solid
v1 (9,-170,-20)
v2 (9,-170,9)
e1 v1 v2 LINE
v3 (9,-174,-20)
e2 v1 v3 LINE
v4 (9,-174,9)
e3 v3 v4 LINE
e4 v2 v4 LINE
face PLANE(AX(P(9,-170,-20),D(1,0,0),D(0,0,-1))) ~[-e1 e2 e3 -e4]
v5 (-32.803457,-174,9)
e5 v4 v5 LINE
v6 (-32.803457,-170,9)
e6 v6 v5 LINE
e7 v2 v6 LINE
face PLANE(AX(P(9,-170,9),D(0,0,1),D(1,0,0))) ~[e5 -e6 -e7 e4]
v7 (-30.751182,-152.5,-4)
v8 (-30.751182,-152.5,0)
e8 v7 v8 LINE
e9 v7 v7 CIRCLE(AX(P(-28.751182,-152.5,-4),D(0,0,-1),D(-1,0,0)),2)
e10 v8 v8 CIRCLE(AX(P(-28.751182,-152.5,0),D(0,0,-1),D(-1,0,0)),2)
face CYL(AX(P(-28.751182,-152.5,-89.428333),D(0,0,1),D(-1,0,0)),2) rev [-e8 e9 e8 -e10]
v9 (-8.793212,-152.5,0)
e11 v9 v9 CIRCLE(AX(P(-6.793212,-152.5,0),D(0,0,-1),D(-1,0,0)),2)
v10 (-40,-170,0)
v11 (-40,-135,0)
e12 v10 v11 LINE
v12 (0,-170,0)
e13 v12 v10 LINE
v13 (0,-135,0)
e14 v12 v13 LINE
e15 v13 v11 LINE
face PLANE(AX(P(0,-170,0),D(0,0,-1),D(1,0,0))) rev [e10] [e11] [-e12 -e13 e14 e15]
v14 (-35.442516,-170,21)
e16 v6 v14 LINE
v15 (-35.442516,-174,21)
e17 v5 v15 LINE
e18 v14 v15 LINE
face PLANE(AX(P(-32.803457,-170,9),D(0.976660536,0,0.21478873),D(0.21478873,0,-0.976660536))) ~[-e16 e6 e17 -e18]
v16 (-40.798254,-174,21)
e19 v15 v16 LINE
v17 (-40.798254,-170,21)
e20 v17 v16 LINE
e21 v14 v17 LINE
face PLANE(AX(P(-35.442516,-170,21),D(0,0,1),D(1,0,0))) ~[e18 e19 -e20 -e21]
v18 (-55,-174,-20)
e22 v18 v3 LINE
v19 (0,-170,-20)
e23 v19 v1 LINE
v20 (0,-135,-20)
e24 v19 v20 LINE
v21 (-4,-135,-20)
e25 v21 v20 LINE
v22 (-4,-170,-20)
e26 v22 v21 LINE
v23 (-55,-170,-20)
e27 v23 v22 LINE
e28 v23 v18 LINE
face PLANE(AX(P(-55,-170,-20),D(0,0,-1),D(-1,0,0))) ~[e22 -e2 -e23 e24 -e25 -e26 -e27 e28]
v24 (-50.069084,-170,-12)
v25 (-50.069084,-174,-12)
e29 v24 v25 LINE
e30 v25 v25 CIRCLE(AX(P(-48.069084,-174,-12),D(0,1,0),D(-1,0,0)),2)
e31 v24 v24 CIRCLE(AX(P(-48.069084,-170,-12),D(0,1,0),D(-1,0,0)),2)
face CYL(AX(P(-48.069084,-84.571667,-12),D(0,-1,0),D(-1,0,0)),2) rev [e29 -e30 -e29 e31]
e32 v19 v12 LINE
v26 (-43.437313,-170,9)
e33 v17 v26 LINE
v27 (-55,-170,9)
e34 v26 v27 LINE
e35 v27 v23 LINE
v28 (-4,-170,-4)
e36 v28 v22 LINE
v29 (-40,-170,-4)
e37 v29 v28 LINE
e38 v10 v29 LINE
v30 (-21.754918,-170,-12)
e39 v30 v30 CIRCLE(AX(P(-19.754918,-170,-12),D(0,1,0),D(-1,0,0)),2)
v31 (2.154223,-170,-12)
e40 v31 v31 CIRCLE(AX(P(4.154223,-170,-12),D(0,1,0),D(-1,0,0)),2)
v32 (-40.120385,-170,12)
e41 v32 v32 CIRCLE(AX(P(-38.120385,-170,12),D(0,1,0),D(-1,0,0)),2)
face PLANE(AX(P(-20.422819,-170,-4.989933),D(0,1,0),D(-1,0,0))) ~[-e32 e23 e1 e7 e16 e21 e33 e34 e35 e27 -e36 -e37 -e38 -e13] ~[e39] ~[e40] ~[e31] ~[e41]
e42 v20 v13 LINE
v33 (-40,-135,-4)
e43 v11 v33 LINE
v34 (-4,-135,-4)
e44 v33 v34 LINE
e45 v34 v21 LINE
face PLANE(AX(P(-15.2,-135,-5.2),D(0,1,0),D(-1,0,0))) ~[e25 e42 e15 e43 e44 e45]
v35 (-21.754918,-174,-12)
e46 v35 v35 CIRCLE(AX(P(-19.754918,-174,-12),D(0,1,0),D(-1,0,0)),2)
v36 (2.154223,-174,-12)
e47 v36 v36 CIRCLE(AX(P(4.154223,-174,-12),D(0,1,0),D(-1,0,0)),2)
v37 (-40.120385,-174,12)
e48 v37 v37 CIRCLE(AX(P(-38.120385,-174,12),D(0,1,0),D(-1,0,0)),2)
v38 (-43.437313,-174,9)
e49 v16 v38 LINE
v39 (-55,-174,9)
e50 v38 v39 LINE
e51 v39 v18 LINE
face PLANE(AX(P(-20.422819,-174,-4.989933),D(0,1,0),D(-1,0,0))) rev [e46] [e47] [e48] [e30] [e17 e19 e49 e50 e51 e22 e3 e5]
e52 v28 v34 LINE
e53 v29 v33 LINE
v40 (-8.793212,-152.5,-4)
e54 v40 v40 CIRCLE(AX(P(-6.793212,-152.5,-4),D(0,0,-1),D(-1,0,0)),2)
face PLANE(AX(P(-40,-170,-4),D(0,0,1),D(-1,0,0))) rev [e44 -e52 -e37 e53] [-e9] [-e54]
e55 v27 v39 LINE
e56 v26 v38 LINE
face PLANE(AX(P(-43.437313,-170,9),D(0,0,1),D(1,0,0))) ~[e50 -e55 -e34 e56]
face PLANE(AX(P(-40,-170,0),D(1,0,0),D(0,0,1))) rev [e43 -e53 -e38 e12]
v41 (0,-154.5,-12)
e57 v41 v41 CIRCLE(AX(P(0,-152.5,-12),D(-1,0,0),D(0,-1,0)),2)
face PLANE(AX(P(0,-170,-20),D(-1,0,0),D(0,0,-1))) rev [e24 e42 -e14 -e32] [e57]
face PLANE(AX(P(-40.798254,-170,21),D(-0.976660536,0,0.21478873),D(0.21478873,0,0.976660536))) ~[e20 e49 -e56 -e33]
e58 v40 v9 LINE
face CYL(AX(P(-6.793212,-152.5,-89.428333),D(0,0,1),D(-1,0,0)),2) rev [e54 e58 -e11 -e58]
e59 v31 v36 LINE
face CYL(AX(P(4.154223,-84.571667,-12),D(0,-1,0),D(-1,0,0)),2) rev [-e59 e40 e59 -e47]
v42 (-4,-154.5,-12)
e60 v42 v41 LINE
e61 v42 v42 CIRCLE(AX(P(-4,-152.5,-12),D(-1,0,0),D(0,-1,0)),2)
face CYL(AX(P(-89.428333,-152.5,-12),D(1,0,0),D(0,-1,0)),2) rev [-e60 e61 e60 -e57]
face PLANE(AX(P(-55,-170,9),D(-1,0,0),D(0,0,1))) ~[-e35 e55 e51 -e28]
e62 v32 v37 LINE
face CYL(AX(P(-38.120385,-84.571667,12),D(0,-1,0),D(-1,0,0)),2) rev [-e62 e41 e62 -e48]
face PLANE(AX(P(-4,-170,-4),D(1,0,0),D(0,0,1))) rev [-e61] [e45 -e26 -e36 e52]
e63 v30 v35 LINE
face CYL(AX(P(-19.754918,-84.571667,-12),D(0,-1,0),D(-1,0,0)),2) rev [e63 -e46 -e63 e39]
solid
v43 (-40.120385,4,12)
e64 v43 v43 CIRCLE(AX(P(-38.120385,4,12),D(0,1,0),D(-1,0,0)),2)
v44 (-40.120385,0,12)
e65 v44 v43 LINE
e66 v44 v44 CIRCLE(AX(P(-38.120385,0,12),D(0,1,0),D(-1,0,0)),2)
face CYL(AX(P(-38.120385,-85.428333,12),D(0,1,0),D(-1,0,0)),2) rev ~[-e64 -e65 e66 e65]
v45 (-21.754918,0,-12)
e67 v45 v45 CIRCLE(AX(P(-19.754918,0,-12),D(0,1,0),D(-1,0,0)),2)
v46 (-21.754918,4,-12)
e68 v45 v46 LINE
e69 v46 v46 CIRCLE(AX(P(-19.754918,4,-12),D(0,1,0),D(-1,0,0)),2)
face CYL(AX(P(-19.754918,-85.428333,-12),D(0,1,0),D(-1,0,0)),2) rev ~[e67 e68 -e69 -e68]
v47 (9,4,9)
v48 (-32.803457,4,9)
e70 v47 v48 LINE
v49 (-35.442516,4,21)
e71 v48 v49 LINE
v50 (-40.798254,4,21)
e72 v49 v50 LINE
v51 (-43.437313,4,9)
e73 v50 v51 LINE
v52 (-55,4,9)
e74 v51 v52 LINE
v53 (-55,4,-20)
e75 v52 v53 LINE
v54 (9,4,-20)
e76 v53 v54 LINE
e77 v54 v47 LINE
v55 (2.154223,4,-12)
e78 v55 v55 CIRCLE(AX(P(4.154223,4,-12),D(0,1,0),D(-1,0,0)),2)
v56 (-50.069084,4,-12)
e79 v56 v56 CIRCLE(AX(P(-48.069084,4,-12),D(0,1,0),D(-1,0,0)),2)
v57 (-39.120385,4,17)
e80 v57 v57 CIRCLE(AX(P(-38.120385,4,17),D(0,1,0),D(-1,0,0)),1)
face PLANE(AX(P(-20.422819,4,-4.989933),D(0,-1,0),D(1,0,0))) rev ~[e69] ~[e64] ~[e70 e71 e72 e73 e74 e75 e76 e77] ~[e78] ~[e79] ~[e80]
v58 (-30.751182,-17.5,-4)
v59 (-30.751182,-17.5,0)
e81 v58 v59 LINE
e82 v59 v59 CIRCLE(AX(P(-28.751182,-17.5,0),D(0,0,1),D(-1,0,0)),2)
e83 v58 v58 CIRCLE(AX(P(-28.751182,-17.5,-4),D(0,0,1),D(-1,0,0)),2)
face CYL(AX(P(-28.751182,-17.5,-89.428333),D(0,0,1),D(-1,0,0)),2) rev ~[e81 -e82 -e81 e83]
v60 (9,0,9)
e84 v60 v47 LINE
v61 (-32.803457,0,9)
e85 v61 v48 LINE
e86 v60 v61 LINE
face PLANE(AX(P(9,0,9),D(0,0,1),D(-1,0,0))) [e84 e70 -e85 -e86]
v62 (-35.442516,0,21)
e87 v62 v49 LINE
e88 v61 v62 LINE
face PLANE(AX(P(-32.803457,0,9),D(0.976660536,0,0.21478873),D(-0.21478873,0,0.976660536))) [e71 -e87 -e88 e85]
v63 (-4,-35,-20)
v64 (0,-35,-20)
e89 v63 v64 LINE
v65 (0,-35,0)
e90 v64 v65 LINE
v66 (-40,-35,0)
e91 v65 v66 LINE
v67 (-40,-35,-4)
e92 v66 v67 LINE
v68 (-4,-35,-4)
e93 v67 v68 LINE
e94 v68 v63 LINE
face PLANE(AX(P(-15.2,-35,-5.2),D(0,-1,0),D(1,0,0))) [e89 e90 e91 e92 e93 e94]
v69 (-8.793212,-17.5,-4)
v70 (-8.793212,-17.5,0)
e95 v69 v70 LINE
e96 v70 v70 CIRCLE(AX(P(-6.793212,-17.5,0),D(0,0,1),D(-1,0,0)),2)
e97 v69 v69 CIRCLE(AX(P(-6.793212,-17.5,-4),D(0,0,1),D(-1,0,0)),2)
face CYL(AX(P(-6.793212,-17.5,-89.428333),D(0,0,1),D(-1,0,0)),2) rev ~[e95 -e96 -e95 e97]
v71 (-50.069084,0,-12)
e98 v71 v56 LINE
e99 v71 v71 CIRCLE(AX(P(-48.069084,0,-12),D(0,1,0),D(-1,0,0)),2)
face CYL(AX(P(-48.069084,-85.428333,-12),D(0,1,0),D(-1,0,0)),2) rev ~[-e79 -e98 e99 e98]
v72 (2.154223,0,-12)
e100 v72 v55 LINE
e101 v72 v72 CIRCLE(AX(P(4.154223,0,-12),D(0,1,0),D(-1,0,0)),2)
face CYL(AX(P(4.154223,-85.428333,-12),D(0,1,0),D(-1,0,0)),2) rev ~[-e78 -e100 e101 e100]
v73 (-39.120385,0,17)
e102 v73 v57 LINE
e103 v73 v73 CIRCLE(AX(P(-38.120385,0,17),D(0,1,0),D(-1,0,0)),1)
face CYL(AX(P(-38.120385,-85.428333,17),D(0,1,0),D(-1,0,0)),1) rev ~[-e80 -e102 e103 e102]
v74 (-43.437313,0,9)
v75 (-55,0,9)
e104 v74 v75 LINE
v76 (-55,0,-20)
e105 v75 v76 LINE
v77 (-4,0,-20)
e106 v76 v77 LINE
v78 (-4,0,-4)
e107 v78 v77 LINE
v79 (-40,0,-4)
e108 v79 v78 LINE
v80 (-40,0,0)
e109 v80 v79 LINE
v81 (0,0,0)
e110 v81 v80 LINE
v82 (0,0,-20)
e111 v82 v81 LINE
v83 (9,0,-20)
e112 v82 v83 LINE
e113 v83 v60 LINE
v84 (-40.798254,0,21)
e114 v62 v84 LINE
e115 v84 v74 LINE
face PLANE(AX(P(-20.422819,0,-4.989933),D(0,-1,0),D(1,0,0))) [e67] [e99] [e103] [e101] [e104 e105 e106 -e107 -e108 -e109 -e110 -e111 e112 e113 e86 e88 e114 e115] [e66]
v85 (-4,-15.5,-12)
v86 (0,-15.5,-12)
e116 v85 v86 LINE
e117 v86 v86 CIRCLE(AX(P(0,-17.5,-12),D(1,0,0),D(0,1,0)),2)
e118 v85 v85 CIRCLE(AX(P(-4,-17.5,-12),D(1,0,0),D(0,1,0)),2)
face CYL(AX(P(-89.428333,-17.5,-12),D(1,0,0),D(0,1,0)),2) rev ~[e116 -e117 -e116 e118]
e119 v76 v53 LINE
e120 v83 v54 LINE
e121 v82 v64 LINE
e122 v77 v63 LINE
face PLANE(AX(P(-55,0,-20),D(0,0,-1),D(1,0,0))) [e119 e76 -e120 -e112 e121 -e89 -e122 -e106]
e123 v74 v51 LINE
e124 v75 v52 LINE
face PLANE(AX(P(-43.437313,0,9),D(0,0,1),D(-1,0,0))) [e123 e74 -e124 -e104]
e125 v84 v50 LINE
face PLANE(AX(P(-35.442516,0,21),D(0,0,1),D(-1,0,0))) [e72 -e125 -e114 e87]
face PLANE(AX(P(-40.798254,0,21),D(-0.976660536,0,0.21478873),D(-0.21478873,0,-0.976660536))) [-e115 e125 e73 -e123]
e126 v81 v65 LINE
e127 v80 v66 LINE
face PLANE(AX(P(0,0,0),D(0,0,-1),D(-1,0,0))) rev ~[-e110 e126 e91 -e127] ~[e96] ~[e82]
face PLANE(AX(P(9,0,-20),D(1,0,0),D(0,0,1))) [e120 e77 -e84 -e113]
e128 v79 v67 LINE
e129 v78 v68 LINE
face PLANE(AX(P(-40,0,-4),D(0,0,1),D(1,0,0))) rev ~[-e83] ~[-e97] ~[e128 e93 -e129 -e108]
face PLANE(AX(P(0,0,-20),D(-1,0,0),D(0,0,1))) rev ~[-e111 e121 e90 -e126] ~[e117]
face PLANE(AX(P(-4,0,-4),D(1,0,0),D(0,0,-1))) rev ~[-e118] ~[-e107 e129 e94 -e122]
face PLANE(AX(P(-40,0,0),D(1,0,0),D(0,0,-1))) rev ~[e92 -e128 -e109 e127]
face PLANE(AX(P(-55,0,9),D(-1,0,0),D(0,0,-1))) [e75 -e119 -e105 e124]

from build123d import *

# Parameters (mm, degrees)
F2_DEPTH   = 4
F4_DEPTH   = 35
F7_D       = 4
F7_ON_F6_D = 4
F7_ON_F5_D = 4
F11_D      = 2


with BuildPart() as f2:
    # F1 (on Front) → F2 (new body)
    with BuildSketch(Plane.XZ):
        Polygon((-40, 0), (0, 0), (0, -20), (9, -20), (9, 9), (-32.8034572303, 9), (-43.4373132885, 9), (-55, 9), (-55, 0), (-55, -20), (-4, -20), (-4, -4), (-40, -4), align=None)
        Polygon((0, -20), (0, 0), (-40, 0), (-40, -4), (-4, -4), (-4, -20), align=None)
        Polygon((-43.4373132885, 9), (-32.8034572303, 9), (-35.4425162077, 21), (-40.7982543111, 21), align=None)
    extrude(amount=-F2_DEPTH)

    # F1 (on Front) → F4 (join)
    with BuildSketch(Plane.XZ):
        Polygon((0, -20), (0, 0), (-40, 0), (-40, -4), (-4, -4), (-4, -20), align=None)
    extrude(amount=F4_DEPTH)

    # F7 (through all)
    with Locations(Plane.XZ):
        with Locations((-48.0690838993, -12), (-19.7549181283, -12), (4.1542227156, -12), (-38.1203852594, 12)):
            Hole(F7_D / 2)

    # F7 on F6 (through all)
    with Locations(Plane(origin=(-4, 0, 0), x_dir=(0, -1, 0), z_dir=(-1, 0, 0))):
        with Locations((17.5, -12)):
            Hole(F7_ON_F6_D / 2)

    # F7 on F5 (through all)
    with Locations(Plane(origin=(0, 0, -4), x_dir=(1, 0, 0), z_dir=(0, 0, -1))):
        with Locations((-6.7932120338, 17.5), (-28.7511822581, 17.5)):
            Hole(F7_ON_F5_D / 2)


with BuildPart() as f10_1:
    # F10: instance of F2
    add(f2.part.mirror(Plane(origin=(-14.8571428571, -85, -4.8571428571), x_dir=(1, 0, 0), z_dir=(0, -1, 0))))


with BuildPart() as f2_1:
    add(f2.part)

    # F11 (through all)
    with Locations(Plane.XZ):
        with Locations((-38.1203852594, 17)):
            Hole(F11_D / 2)


solid = Compound([f10_1.part, f2_1.part])
